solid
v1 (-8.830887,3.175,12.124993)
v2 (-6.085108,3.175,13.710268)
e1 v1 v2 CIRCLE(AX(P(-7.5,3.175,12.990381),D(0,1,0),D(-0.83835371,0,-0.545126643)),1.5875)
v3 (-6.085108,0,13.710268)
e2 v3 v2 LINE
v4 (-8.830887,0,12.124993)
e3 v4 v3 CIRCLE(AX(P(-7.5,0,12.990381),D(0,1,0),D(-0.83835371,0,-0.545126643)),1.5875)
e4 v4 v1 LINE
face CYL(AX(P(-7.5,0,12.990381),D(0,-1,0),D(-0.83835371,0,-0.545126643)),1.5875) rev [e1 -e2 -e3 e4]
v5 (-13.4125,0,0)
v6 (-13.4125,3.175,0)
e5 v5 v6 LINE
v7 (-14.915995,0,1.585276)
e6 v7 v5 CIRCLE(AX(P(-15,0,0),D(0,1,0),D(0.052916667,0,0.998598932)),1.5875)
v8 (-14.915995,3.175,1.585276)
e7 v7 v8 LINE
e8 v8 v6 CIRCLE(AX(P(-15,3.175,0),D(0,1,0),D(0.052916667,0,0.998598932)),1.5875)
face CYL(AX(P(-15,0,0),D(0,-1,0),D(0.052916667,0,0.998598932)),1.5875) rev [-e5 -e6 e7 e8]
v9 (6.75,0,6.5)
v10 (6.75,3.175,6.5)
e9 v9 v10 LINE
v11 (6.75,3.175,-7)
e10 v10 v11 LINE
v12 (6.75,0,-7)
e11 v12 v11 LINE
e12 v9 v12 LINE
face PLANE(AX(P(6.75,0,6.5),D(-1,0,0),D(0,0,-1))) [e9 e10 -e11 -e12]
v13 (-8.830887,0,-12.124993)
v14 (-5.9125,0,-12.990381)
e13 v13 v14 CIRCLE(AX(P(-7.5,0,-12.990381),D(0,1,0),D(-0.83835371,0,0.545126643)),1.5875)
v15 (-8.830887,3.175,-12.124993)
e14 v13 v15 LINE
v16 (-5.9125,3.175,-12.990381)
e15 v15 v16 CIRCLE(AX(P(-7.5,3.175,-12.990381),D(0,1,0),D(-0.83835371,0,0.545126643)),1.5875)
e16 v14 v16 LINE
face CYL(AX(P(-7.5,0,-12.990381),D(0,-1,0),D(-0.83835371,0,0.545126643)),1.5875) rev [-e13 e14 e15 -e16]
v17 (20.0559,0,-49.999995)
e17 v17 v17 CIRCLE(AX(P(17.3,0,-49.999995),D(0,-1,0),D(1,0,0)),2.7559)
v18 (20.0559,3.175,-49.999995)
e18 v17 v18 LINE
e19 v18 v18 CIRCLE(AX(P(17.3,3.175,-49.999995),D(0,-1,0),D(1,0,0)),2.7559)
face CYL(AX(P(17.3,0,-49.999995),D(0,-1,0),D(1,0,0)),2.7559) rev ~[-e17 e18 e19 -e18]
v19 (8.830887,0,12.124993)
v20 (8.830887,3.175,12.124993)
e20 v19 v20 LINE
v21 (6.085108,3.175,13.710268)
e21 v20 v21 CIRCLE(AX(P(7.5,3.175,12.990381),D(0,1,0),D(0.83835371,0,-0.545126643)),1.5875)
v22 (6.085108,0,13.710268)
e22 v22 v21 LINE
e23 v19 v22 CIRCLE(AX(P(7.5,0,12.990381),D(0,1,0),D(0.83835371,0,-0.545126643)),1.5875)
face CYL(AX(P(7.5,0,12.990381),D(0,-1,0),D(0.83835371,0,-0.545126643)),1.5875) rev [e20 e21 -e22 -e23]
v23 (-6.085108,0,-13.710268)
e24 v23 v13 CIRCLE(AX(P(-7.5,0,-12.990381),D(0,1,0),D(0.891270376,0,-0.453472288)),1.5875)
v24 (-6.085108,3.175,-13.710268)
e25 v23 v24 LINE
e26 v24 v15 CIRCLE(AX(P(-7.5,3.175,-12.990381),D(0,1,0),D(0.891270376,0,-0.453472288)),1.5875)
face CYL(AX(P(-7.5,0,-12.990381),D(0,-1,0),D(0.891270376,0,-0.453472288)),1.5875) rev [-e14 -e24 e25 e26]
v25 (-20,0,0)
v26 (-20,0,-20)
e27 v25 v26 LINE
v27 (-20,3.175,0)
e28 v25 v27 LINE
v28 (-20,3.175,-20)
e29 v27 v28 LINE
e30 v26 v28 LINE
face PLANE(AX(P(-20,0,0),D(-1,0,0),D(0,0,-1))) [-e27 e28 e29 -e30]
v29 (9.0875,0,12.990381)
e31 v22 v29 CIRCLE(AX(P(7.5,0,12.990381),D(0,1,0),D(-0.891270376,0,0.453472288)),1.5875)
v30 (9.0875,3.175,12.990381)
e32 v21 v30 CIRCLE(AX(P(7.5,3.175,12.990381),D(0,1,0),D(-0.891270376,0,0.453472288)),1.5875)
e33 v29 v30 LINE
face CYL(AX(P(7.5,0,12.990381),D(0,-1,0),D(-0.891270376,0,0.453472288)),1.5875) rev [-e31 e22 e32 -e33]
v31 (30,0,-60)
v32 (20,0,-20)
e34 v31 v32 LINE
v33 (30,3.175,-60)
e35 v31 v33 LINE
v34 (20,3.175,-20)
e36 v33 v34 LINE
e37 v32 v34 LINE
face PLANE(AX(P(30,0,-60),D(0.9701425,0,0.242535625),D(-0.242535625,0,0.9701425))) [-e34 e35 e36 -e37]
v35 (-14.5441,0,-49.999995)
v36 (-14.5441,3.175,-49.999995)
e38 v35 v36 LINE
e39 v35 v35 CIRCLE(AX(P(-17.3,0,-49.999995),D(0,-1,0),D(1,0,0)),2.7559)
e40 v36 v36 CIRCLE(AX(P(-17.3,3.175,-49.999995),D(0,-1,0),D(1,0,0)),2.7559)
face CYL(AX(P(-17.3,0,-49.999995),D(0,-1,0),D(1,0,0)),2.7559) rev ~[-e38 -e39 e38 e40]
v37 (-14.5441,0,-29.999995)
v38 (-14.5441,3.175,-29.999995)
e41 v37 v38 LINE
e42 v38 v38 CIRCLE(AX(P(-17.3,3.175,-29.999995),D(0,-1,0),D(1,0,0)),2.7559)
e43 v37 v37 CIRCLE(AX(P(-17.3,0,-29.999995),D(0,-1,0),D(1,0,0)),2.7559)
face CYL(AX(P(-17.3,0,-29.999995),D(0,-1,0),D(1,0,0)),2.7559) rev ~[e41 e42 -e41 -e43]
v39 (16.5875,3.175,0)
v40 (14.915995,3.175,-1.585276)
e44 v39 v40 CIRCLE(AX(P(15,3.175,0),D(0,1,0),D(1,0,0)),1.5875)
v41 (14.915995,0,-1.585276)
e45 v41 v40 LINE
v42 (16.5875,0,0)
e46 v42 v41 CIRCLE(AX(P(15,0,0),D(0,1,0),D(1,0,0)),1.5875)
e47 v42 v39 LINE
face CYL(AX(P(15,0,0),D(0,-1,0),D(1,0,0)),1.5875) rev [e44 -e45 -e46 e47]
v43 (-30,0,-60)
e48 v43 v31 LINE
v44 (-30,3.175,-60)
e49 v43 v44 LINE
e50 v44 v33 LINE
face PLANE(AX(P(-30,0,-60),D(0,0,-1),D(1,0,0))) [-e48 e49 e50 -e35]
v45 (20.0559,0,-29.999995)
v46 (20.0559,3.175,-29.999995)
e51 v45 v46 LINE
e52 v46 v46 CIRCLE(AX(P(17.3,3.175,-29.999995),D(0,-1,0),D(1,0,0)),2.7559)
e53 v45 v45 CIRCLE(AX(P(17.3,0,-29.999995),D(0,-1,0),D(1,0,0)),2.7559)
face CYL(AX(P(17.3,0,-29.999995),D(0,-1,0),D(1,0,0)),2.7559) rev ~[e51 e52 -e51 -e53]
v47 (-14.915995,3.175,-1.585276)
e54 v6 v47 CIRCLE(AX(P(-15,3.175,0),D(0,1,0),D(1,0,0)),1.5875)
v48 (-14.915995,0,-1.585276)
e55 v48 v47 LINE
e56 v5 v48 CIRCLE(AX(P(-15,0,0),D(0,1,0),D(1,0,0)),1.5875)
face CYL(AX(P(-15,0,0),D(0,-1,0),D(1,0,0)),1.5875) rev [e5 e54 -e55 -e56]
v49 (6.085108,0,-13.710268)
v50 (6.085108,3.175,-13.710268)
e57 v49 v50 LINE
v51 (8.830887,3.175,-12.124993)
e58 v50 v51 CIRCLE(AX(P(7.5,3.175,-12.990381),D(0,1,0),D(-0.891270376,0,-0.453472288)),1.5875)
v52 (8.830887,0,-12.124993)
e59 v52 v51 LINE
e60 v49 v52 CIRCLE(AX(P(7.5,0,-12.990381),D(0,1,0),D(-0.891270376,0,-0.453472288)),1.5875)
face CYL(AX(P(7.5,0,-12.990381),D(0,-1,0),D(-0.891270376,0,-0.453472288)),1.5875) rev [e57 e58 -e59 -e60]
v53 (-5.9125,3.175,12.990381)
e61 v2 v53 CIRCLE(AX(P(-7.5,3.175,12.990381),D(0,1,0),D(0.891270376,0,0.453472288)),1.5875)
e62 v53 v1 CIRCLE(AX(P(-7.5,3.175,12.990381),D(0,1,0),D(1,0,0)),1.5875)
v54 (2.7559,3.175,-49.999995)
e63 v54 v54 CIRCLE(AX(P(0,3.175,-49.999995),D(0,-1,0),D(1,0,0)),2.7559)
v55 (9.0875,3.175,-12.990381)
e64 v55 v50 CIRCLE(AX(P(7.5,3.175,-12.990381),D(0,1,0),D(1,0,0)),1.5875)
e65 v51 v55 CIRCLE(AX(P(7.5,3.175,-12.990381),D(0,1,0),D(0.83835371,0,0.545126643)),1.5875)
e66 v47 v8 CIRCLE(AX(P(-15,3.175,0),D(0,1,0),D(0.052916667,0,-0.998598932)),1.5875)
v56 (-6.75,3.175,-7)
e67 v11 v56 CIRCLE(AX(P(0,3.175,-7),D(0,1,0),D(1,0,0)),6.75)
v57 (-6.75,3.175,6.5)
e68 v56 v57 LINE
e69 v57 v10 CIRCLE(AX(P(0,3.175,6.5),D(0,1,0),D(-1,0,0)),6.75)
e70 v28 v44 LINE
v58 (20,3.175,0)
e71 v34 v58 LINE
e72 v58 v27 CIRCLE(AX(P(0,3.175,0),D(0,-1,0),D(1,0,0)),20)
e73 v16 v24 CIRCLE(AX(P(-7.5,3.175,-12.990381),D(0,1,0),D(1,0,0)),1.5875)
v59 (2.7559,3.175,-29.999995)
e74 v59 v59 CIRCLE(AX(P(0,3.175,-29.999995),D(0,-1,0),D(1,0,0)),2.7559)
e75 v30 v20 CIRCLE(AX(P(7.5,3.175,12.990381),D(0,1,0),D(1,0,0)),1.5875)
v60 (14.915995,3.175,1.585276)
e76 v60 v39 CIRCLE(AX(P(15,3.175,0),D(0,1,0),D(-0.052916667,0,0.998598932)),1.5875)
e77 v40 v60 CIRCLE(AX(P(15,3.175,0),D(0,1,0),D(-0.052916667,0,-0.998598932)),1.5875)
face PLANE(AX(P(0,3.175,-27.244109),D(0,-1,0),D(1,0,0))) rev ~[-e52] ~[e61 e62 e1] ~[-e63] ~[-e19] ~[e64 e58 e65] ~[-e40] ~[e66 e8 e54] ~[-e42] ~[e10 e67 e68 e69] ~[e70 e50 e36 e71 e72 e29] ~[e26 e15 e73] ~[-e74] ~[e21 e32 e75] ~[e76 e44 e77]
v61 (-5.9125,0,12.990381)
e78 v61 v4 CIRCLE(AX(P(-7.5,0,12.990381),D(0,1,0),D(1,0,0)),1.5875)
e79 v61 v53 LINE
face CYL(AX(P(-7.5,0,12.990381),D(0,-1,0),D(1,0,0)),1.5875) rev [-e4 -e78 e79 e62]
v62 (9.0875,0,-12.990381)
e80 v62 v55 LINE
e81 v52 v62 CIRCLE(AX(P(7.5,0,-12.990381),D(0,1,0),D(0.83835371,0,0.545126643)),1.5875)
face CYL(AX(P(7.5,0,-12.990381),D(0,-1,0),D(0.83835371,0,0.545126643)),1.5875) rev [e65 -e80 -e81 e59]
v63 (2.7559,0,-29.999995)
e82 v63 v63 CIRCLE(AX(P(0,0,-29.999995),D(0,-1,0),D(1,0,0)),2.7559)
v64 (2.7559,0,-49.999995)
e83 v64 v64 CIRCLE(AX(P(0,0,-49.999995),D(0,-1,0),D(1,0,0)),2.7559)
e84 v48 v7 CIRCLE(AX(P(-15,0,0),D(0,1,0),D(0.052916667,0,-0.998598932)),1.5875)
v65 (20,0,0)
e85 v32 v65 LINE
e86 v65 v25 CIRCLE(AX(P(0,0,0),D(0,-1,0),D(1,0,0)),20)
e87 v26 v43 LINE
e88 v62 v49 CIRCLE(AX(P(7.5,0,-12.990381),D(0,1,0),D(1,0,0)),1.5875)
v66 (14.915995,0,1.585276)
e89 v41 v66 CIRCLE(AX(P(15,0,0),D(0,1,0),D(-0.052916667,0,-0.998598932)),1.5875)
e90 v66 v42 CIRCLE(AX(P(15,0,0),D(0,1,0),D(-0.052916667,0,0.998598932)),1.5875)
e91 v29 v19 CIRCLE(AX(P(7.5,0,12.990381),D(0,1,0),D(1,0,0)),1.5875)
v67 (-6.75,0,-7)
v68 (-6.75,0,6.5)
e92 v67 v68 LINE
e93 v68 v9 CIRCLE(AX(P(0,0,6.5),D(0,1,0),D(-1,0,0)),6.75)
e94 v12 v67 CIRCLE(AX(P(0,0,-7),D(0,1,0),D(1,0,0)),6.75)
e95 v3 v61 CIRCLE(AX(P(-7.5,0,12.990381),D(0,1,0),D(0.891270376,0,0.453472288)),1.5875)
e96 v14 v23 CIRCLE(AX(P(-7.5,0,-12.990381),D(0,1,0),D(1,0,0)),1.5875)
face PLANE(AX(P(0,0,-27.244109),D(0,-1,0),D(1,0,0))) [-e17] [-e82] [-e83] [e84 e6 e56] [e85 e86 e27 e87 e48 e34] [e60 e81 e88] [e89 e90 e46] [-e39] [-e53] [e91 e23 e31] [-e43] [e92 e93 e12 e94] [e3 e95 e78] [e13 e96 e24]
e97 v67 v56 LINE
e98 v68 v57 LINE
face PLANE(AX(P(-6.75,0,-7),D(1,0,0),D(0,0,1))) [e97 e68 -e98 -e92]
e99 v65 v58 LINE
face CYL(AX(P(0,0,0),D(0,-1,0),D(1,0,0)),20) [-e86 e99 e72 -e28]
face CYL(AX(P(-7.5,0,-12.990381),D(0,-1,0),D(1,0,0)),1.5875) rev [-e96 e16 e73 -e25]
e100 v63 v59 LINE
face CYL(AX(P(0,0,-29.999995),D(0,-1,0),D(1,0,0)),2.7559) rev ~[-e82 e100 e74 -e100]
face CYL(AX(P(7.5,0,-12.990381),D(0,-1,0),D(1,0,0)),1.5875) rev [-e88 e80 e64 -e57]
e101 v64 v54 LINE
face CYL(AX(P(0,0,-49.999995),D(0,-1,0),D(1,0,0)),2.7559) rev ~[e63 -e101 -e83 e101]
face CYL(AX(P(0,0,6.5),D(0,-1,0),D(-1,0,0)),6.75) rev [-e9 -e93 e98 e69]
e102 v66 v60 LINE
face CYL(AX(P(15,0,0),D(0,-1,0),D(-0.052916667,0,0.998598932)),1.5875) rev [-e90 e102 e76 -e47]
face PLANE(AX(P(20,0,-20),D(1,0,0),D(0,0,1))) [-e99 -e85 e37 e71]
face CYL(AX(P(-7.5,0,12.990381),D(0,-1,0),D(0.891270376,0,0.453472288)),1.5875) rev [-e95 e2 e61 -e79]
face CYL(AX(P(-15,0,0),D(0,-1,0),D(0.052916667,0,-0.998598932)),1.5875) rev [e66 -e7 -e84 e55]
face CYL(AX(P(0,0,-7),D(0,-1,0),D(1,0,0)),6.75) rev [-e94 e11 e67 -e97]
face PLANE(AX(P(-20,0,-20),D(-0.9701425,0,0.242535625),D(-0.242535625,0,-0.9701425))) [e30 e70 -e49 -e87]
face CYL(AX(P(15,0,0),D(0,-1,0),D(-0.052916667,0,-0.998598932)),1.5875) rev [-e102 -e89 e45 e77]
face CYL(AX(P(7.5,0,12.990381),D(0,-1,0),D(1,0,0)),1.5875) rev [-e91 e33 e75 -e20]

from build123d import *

# Parameters (mm, degrees)
F0_R     = 2.7559
F1_DEPTH = 3.175


with BuildPart() as f1:
    # F0 (on Front) → F1 (new body)
    with BuildSketch(Plane.XZ):
        with BuildLine():
            Line((20, -20), (20, 0))
            ThreePointArc((20, 0), (0, 20), (-20, 0))
            Line((-20, 0), (-20, -20))
            Line((-20, -20), (-30, -60))
            Line((-30, -60), (30, -60))
            Line((30, -60), (20, -20))
        make_face()
        with Locations((-17.3, -49.9999946)):
            Circle(F0_R, mode=Mode.SUBTRACT)
        with Locations((-17.3, -29.9999946)):
            Circle(F0_R, mode=Mode.SUBTRACT)
        with Locations((0, -49.9999946)):
            Circle(F0_R, mode=Mode.SUBTRACT)
        with Locations((17.3, -49.9999946)):
            Circle(F0_R, mode=Mode.SUBTRACT)
        with Locations((0, -29.9999946)):
            Circle(F0_R, mode=Mode.SUBTRACT)
        with Locations((17.3, -29.9999946)):
            Circle(F0_R, mode=Mode.SUBTRACT)
        with BuildLine():
            ThreePointArc((8.8308865142, 12.1249925103), (12.9903810568, 7.5), (14.9159947917, 1.5852758041))
            ThreePointArc((14.9159947917, 1.5852758041), (16.0924280255, 1.151849495), (16.5875, 0))
            ThreePointArc((16.5875, 0), (16.0924280255, -1.151849495), (14.9159947917, -1.5852758041))
            ThreePointArc((14.9159947917, -1.5852758041), (12.9903810568, -7.5), (8.8308865142, -12.1249925103))
            ThreePointArc((8.8308865142, -12.1249925103), (9.0219951694, -12.5390641455), (9.0875, -12.9903810568))
            ThreePointArc((9.0875, -12.9903810568), (7.8701456744, -14.5341259935), (6.0851082775, -13.7102683143))
            ThreePointArc((6.0851082775, -13.7102683143), (0, -15), (-6.0851082775, -13.7102683143))
            ThreePointArc((-6.0851082775, -13.7102683143), (-8.29375, -14.3651963853), (-8.8308865142, -12.1249925103))
            ThreePointArc((-8.8308865142, -12.1249925103), (-12.9903810568, -7.5), (-14.9159947917, -1.5852758041))
            ThreePointArc((-14.9159947917, -1.5852758041), (-16.5875, 0), (-14.9159947917, 1.5852758041))
            ThreePointArc((-14.9159947917, 1.5852758041), (-12.9903810568, 7.5), (-8.8308865142, 12.1249925103))
            ThreePointArc((-8.8308865142, 12.1249925103), (-8.29375, 14.3651963853), (-6.0851082775, 13.7102683143))
            ThreePointArc((-6.0851082775, 13.7102683143), (0, 15), (6.0851082775, 13.7102683143))
            ThreePointArc((6.0851082775, 13.7102683143), (7.8701456744, 14.5341259935), (9.0875, 12.9903810568))
            ThreePointArc((9.0875, 12.9903810568), (9.0219951694, 12.5390641455), (8.8308865142, 12.1249925103))
        make_face(mode=Mode.SUBTRACT)
        with BuildLine():
            ThreePointArc((14.9159947917, -1.5852758041), (13.4125, 0), (14.9159947917, 1.5852758041))
            ThreePointArc((14.9159947917, 1.5852758041), (12.9903810568, 7.5), (8.8308865142, 12.1249925103))
            ThreePointArc((8.8308865142, 12.1249925103), (6.70625, 11.6155657283), (6.0851082775, 13.7102683143))
            ThreePointArc((6.0851082775, 13.7102683143), (0, 15), (-6.0851082775, 13.7102683143))
            ThreePointArc((-6.0851082775, 13.7102683143), (-5.9562550633, 13.3605267312), (-5.9125, 12.9903810568))
            ThreePointArc((-5.9125, 12.9903810568), (-7.0486830887, 11.4683858874), (-8.8308865142, 12.1249925103))
            ThreePointArc((-8.8308865142, 12.1249925103), (-12.9903810568, 7.5), (-14.9159947917, 1.5852758041))
            ThreePointArc((-14.9159947917, 1.5852758041), (-13.848150505, 1.0924280255), (-13.4125, 0))
            ThreePointArc((-13.4125, 0), (-13.848150505, -1.0924280255), (-14.9159947917, -1.5852758041))
            ThreePointArc((-14.9159947917, -1.5852758041), (-12.9903810568, -7.5), (-8.8308865142, -12.1249925103))
            ThreePointArc((-8.8308865142, -12.1249925103), (-7.0486830887, -11.4683858874), (-5.9125, -12.9903810568))
            ThreePointArc((-5.9125, -12.9903810568), (-5.9562550633, -13.3605267312), (-6.0851082775, -13.7102683143))
            ThreePointArc((-6.0851082775, -13.7102683143), (0, -15), (6.0851082775, -13.7102683143))
            ThreePointArc((6.0851082775, -13.7102683143), (6.70625, -11.6155657283), (8.8308865142, -12.1249925103))
            ThreePointArc((8.8308865142, -12.1249925103), (12.9903810568, -7.5), (14.9159947917, -1.5852758041))
        make_face()
        with BuildLine():
            ThreePointArc((-6.75, 6.5), (0, 13.25), (6.75, 6.5))
            Line((6.75, 6.5), (6.75, -7))
            ThreePointArc((6.75, -7), (0, -13.75), (-6.75, -7))
            Line((-6.75, -7), (-6.75, 6.5))
        make_face(mode=Mode.SUBTRACT)
    extrude(amount=-F1_DEPTH)


solid = f1.part
